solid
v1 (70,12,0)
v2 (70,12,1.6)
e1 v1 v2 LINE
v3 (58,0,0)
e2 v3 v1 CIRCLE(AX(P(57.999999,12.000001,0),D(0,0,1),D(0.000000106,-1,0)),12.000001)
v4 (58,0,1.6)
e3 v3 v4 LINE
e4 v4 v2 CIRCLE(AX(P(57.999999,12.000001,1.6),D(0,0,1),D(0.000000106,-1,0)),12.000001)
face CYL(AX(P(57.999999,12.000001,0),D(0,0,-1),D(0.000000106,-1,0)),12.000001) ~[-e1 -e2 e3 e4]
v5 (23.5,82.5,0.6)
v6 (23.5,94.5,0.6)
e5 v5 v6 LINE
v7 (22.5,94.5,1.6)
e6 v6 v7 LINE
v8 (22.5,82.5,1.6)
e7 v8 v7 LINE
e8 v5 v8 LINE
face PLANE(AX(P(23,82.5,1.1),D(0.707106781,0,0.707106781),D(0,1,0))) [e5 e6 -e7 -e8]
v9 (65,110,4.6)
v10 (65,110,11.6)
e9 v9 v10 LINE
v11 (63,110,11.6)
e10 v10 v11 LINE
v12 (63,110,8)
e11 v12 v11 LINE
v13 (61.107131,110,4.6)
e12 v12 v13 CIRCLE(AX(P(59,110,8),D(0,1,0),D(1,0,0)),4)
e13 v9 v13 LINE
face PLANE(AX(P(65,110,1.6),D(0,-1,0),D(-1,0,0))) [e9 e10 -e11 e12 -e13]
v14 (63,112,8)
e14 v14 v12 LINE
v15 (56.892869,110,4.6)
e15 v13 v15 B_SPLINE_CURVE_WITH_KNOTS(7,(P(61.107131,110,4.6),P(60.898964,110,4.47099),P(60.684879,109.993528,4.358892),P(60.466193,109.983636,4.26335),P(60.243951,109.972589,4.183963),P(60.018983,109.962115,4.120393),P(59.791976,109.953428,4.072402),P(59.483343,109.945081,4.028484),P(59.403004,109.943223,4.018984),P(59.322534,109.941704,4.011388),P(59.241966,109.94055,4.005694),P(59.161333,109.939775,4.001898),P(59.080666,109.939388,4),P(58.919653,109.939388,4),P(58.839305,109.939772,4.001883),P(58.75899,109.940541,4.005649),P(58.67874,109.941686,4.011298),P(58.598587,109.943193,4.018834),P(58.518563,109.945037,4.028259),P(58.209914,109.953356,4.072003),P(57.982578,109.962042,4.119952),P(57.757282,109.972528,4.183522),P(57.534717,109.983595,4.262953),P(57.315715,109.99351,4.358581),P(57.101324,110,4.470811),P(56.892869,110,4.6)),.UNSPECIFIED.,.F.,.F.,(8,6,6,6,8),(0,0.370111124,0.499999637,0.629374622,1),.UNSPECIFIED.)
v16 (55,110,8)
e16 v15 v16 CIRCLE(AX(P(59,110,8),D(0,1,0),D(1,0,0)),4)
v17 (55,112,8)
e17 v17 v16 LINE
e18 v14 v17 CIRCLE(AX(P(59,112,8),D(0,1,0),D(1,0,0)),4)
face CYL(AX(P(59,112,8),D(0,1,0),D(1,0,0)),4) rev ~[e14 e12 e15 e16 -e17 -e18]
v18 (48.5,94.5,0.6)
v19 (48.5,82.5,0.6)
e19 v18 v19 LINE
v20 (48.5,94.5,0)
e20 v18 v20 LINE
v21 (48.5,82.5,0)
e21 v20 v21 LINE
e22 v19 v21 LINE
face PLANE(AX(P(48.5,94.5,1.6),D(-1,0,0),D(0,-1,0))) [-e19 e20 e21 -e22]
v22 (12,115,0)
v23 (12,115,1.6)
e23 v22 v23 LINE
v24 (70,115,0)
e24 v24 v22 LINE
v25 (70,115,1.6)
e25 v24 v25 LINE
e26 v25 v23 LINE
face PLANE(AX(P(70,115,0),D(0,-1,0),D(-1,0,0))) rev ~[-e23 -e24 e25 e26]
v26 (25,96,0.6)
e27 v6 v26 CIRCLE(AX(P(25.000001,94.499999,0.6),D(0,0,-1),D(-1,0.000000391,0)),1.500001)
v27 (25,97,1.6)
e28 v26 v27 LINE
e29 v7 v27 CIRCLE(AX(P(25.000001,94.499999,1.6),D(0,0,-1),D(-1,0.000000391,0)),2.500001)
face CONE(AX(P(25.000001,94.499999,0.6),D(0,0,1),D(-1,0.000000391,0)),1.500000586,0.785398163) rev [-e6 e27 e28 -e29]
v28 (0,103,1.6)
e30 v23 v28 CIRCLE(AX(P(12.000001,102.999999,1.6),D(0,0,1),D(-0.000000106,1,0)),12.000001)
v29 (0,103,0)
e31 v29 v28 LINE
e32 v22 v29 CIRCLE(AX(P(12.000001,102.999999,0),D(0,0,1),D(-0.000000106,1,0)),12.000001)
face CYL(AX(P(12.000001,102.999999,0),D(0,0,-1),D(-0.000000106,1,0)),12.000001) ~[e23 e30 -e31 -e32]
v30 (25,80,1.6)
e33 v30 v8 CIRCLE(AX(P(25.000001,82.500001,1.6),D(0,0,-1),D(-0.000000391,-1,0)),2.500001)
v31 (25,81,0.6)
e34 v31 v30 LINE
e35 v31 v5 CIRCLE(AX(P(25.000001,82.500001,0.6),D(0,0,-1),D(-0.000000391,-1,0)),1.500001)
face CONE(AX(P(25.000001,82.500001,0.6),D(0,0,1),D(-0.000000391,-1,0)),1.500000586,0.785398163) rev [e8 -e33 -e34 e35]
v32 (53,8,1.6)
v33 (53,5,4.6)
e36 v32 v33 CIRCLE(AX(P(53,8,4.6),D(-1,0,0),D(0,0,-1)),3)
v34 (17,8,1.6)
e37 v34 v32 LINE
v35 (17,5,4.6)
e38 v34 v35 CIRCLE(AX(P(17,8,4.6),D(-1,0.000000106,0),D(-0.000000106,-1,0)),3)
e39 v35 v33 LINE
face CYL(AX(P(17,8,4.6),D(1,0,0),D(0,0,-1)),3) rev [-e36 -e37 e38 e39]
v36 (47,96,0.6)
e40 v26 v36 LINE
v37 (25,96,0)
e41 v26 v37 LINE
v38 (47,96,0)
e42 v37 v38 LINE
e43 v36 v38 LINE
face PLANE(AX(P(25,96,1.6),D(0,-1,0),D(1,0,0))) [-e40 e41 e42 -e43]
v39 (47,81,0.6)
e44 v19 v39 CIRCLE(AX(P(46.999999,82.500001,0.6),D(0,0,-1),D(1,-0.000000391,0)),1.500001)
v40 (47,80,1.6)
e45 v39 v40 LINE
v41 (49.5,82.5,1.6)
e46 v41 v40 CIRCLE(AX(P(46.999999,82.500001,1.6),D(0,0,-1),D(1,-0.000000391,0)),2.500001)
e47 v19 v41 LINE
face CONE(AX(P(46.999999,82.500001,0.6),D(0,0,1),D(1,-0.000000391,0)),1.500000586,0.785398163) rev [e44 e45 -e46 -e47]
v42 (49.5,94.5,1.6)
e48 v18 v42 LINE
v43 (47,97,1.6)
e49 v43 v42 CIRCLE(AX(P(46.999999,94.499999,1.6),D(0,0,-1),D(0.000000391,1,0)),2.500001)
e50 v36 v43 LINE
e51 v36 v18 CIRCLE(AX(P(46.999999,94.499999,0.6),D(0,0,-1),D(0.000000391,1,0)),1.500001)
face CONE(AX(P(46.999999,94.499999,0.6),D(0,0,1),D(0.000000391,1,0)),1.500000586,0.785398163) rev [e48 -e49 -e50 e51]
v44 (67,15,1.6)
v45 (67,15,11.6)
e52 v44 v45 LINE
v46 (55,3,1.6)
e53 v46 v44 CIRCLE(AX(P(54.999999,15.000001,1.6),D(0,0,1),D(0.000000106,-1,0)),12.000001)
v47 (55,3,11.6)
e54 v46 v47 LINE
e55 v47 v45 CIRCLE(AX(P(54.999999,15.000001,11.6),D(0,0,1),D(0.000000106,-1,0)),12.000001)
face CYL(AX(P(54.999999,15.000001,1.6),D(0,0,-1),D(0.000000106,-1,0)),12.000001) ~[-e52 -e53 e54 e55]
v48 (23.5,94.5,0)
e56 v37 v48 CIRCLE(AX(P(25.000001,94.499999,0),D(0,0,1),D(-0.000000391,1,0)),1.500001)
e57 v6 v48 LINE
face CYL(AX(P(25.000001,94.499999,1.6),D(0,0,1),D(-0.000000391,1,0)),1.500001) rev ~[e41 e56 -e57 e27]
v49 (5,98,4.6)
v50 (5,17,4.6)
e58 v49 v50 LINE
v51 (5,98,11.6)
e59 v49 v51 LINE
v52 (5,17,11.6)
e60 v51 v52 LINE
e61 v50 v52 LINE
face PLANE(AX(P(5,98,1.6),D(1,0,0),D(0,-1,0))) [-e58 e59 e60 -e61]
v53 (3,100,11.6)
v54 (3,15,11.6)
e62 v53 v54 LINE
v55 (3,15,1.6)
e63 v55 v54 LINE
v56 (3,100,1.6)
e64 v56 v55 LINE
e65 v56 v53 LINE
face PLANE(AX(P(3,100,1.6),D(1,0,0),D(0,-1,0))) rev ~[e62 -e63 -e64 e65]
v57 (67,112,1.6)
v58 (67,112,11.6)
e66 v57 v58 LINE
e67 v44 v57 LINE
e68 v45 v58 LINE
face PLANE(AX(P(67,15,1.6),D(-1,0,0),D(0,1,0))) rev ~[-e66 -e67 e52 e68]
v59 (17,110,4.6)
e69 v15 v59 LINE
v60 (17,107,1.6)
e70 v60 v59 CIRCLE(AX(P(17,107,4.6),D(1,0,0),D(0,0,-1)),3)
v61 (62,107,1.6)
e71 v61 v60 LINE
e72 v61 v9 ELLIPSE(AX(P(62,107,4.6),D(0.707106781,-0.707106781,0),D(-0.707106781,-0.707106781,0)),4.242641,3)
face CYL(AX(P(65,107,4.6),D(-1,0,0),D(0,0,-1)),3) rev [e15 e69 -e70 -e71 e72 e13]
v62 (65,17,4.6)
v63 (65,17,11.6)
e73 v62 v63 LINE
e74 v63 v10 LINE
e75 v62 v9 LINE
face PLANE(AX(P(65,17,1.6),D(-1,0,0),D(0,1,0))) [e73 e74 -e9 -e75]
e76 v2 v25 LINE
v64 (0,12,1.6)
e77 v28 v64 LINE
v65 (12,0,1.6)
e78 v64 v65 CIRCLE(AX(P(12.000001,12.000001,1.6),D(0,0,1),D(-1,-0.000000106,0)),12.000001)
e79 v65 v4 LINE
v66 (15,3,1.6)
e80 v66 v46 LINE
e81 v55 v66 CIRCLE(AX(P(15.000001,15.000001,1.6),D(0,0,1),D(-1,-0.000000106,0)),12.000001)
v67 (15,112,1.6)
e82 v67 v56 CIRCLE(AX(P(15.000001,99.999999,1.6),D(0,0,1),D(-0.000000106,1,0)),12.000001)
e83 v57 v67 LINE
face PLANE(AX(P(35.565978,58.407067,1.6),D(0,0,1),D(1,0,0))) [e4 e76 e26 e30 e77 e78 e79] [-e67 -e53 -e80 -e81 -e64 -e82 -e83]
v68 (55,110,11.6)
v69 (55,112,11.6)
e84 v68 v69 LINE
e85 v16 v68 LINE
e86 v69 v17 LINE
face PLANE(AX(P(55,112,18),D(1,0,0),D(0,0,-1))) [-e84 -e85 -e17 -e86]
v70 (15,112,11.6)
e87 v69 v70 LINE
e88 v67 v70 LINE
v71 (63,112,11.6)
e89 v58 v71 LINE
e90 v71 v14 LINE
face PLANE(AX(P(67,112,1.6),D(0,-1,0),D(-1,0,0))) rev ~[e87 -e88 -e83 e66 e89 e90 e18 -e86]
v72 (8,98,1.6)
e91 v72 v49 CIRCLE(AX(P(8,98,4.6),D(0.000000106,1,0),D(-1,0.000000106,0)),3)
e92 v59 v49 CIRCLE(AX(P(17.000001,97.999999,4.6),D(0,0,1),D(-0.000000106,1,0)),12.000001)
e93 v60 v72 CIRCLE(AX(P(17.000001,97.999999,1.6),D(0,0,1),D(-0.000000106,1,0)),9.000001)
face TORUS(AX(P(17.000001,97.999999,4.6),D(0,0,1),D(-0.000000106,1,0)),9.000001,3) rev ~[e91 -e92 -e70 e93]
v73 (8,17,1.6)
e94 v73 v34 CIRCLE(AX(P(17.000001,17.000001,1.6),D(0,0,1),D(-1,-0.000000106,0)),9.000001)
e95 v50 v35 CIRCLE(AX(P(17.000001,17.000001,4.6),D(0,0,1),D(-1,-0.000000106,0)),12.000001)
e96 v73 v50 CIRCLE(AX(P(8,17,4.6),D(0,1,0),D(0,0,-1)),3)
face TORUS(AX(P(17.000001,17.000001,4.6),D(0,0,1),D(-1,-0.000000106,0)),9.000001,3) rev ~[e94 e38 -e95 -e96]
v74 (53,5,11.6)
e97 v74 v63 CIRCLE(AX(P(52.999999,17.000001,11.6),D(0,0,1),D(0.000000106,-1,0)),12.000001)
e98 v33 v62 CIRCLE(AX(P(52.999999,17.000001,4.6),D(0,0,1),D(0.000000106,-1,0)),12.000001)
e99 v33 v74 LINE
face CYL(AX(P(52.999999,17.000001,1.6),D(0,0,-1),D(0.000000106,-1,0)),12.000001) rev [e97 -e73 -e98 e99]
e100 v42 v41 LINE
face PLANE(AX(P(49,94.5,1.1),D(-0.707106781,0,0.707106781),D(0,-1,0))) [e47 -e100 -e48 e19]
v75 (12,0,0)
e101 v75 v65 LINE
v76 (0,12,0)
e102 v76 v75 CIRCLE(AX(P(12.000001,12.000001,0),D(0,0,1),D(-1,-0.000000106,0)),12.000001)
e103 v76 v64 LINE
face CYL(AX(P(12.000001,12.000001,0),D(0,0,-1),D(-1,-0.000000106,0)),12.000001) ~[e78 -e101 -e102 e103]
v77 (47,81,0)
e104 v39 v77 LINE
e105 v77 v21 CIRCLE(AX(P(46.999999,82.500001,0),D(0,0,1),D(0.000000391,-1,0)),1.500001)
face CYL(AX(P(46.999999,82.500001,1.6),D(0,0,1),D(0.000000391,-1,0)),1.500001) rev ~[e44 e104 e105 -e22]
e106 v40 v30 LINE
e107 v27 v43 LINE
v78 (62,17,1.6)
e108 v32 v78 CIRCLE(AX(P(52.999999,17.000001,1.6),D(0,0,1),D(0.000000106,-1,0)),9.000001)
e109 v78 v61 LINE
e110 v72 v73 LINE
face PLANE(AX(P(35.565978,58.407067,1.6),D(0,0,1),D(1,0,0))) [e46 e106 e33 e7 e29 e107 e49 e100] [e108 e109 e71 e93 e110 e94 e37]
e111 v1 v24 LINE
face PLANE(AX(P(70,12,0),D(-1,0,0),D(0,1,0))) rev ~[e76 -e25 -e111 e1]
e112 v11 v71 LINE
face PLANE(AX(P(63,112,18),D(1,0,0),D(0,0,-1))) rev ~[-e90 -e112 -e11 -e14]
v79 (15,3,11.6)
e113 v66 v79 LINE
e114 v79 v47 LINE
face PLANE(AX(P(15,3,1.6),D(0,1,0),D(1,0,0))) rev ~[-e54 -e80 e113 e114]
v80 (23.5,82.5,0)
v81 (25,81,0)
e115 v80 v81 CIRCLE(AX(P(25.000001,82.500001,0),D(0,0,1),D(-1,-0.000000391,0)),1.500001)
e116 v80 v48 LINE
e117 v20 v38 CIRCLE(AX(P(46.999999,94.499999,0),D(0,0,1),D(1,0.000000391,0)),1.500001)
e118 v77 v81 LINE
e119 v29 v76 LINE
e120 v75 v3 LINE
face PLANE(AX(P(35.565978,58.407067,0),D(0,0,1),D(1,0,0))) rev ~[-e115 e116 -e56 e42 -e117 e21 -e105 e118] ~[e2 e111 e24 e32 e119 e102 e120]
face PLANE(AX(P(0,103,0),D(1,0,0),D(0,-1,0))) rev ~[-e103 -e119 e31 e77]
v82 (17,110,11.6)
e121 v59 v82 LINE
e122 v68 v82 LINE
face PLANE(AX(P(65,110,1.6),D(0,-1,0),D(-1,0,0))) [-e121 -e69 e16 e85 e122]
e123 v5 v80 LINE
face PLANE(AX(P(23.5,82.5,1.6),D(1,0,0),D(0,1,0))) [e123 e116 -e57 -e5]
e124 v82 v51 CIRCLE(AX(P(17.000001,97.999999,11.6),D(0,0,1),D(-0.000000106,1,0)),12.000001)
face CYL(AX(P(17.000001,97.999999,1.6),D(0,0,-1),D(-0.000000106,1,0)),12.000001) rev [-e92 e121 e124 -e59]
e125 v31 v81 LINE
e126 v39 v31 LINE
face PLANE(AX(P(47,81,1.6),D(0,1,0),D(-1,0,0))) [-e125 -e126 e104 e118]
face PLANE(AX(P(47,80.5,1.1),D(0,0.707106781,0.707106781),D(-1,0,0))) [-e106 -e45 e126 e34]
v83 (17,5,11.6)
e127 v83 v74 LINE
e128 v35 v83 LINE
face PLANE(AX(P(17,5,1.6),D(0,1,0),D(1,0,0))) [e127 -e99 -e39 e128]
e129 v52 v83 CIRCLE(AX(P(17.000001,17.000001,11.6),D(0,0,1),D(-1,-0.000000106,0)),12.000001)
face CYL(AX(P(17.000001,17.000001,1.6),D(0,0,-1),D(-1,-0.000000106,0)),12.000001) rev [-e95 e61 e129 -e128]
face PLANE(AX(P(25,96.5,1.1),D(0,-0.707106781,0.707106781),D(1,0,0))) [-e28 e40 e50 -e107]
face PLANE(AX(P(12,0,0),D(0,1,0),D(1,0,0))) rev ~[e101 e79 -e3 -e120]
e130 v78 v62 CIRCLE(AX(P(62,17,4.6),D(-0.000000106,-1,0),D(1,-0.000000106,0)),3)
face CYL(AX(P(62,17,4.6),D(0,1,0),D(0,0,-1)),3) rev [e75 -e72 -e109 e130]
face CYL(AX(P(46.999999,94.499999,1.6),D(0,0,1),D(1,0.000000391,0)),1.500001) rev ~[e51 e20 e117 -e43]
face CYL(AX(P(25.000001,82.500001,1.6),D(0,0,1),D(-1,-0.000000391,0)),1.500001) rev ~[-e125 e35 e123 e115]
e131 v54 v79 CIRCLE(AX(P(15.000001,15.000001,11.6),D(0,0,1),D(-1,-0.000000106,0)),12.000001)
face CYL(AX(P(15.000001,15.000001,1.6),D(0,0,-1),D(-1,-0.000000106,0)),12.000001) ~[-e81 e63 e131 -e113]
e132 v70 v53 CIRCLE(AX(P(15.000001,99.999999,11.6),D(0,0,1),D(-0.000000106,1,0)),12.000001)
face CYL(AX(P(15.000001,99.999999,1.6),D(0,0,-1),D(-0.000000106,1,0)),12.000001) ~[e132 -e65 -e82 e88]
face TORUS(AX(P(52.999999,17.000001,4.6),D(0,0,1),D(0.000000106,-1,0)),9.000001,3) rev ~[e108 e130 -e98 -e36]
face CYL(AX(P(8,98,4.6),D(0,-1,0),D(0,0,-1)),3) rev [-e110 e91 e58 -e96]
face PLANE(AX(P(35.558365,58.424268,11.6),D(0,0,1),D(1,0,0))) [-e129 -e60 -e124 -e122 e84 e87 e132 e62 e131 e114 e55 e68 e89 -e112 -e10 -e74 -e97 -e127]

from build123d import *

# Parameters (mm, degrees)
PAD_DEPTH       = 1.6
PAD001_DEPTH    = 10
SKETCH004_R     = 1
POCKET_DEPTH    = 67.001
POCKET001_DEPTH = 5
CHAMFER_SIZE    = 1
FILLET_R        = 3
POCKET002_DEPTH = 5


with BuildPart() as part:
    # Sketch → Pad (new body)
    with BuildSketch(Plane.XY):
        with BuildLine():
            Line((12, 0), (58, 0))
            ThreePointArc((58, 0), (66.485281, 3.514719), (70, 12))
            Line((70, 12), (70, 115))
            Line((70, 115), (12, 115))
            ThreePointArc((12, 115), (3.514719, 111.485281), (0, 103))
            Line((0, 103), (0, 12))
            ThreePointArc((0, 12), (3.514719, 3.514719), (12, 0))
        make_face()
    extrude(amount=PAD_DEPTH)

    # Sketch001 → Pad001 (new body)
    with BuildSketch(Plane.XY.offset(1.6)):
        with BuildLine():
            Line((15, 3), (55, 3))
            ThreePointArc((55, 3), (63.485281, 6.514719), (67, 15))
            Line((67, 15), (67, 112))
            Line((67, 112), (15, 112))
            ThreePointArc((15, 112), (6.514719, 108.485281), (3, 100))
            Line((3, 100), (3, 15))
            ThreePointArc((3, 15), (6.514719, 6.514719), (15, 3))
        make_face()
        with BuildLine():
            Line((17, 5), (53, 5))
            ThreePointArc((53, 5), (61.485281, 8.514719), (65, 17))
            Line((65, 17), (65, 110))
            Line((65, 110), (17, 110))
            ThreePointArc((17, 110), (8.514719, 106.485281), (5, 98))
            Line((5, 98), (5, 17))
            ThreePointArc((5, 17), (8.514719, 8.514719), (17, 5))
        make_face(mode=Mode.SUBTRACT)
    extrude(amount=PAD001_DEPTH)

    # Sketch004 → Pocket (cut, through all)
    with BuildSketch(Plane.YZ.offset(67)):
        with Locations((-62, 7.1)):
            Circle(SKETCH004_R)
    extrude(amount=-POCKET_DEPTH, mode=Mode.SUBTRACT)

    # Sketch005 → Pocket001 (cut)
    with BuildSketch(Plane.XY.offset(1.6)):
        with BuildLine():
            Line((25, 96), (47, 96))
            ThreePointArc((48.5, 94.5), (48.06066, 95.56066), (47, 96))
            Line((48.5, 94.5), (48.5, 82.5))
            ThreePointArc((47, 81), (48.06066, 81.43934), (48.5, 82.5))
            Line((47, 81), (25, 81))
            ThreePointArc((23.5, 82.5), (23.93934, 81.43934), (25, 81))
            Line((23.5, 82.5), (23.5, 94.5))
            ThreePointArc((25, 96), (23.93934, 95.56066), (23.5, 94.5))
        make_face()
    extrude(amount=-POCKET001_DEPTH, mode=Mode.SUBTRACT)

    # Chamfer
    chamfer_edges = [part.edges().sort_by_distance(p)[0] for p in [
        (48.5, 88.5, 1.6),
        (48.06066, 95.56066, 1.6),
        (36, 96, 1.6),
        (23.93934, 95.56066, 1.6),
        (23.5, 88.5, 1.6),
        (23.93934, 81.43934, 1.6),
        (36, 81, 1.6),
        (48.06066, 81.43934, 1.6),
    ]]
    chamfer(chamfer_edges, length=CHAMFER_SIZE)

    # Fillet
    fillet_edges = [part.edges().sort_by_distance(p)[0] for p in [
        (41, 110, 1.6),
        (8.514719, 106.485281, 1.6),
        (65, 63.5, 1.6),
        (5, 57.5, 1.6),
        (8.514719, 8.514719, 1.6),
        (35, 5, 1.6),
    ]]
    fillet(fillet_edges, radius=FILLET_R)

    # Sketch006 → Pocket002 (cut)
    with BuildSketch(Plane(origin=(0, 112, 0), x_dir=(-1, 0, 0), z_dir=(0, 1, 0))):
        with BuildLine():
            ThreePointArc((-55, 18), (-59, 22), (-63, 18))
            Line((-63, 18), (-63, 8))
            ThreePointArc((-63, 8), (-59, 4), (-55, 8))
            Line((-55, 18), (-55, 8))
        make_face()
    extrude(amount=-POCKET002_DEPTH, mode=Mode.SUBTRACT)


solid = part.part
